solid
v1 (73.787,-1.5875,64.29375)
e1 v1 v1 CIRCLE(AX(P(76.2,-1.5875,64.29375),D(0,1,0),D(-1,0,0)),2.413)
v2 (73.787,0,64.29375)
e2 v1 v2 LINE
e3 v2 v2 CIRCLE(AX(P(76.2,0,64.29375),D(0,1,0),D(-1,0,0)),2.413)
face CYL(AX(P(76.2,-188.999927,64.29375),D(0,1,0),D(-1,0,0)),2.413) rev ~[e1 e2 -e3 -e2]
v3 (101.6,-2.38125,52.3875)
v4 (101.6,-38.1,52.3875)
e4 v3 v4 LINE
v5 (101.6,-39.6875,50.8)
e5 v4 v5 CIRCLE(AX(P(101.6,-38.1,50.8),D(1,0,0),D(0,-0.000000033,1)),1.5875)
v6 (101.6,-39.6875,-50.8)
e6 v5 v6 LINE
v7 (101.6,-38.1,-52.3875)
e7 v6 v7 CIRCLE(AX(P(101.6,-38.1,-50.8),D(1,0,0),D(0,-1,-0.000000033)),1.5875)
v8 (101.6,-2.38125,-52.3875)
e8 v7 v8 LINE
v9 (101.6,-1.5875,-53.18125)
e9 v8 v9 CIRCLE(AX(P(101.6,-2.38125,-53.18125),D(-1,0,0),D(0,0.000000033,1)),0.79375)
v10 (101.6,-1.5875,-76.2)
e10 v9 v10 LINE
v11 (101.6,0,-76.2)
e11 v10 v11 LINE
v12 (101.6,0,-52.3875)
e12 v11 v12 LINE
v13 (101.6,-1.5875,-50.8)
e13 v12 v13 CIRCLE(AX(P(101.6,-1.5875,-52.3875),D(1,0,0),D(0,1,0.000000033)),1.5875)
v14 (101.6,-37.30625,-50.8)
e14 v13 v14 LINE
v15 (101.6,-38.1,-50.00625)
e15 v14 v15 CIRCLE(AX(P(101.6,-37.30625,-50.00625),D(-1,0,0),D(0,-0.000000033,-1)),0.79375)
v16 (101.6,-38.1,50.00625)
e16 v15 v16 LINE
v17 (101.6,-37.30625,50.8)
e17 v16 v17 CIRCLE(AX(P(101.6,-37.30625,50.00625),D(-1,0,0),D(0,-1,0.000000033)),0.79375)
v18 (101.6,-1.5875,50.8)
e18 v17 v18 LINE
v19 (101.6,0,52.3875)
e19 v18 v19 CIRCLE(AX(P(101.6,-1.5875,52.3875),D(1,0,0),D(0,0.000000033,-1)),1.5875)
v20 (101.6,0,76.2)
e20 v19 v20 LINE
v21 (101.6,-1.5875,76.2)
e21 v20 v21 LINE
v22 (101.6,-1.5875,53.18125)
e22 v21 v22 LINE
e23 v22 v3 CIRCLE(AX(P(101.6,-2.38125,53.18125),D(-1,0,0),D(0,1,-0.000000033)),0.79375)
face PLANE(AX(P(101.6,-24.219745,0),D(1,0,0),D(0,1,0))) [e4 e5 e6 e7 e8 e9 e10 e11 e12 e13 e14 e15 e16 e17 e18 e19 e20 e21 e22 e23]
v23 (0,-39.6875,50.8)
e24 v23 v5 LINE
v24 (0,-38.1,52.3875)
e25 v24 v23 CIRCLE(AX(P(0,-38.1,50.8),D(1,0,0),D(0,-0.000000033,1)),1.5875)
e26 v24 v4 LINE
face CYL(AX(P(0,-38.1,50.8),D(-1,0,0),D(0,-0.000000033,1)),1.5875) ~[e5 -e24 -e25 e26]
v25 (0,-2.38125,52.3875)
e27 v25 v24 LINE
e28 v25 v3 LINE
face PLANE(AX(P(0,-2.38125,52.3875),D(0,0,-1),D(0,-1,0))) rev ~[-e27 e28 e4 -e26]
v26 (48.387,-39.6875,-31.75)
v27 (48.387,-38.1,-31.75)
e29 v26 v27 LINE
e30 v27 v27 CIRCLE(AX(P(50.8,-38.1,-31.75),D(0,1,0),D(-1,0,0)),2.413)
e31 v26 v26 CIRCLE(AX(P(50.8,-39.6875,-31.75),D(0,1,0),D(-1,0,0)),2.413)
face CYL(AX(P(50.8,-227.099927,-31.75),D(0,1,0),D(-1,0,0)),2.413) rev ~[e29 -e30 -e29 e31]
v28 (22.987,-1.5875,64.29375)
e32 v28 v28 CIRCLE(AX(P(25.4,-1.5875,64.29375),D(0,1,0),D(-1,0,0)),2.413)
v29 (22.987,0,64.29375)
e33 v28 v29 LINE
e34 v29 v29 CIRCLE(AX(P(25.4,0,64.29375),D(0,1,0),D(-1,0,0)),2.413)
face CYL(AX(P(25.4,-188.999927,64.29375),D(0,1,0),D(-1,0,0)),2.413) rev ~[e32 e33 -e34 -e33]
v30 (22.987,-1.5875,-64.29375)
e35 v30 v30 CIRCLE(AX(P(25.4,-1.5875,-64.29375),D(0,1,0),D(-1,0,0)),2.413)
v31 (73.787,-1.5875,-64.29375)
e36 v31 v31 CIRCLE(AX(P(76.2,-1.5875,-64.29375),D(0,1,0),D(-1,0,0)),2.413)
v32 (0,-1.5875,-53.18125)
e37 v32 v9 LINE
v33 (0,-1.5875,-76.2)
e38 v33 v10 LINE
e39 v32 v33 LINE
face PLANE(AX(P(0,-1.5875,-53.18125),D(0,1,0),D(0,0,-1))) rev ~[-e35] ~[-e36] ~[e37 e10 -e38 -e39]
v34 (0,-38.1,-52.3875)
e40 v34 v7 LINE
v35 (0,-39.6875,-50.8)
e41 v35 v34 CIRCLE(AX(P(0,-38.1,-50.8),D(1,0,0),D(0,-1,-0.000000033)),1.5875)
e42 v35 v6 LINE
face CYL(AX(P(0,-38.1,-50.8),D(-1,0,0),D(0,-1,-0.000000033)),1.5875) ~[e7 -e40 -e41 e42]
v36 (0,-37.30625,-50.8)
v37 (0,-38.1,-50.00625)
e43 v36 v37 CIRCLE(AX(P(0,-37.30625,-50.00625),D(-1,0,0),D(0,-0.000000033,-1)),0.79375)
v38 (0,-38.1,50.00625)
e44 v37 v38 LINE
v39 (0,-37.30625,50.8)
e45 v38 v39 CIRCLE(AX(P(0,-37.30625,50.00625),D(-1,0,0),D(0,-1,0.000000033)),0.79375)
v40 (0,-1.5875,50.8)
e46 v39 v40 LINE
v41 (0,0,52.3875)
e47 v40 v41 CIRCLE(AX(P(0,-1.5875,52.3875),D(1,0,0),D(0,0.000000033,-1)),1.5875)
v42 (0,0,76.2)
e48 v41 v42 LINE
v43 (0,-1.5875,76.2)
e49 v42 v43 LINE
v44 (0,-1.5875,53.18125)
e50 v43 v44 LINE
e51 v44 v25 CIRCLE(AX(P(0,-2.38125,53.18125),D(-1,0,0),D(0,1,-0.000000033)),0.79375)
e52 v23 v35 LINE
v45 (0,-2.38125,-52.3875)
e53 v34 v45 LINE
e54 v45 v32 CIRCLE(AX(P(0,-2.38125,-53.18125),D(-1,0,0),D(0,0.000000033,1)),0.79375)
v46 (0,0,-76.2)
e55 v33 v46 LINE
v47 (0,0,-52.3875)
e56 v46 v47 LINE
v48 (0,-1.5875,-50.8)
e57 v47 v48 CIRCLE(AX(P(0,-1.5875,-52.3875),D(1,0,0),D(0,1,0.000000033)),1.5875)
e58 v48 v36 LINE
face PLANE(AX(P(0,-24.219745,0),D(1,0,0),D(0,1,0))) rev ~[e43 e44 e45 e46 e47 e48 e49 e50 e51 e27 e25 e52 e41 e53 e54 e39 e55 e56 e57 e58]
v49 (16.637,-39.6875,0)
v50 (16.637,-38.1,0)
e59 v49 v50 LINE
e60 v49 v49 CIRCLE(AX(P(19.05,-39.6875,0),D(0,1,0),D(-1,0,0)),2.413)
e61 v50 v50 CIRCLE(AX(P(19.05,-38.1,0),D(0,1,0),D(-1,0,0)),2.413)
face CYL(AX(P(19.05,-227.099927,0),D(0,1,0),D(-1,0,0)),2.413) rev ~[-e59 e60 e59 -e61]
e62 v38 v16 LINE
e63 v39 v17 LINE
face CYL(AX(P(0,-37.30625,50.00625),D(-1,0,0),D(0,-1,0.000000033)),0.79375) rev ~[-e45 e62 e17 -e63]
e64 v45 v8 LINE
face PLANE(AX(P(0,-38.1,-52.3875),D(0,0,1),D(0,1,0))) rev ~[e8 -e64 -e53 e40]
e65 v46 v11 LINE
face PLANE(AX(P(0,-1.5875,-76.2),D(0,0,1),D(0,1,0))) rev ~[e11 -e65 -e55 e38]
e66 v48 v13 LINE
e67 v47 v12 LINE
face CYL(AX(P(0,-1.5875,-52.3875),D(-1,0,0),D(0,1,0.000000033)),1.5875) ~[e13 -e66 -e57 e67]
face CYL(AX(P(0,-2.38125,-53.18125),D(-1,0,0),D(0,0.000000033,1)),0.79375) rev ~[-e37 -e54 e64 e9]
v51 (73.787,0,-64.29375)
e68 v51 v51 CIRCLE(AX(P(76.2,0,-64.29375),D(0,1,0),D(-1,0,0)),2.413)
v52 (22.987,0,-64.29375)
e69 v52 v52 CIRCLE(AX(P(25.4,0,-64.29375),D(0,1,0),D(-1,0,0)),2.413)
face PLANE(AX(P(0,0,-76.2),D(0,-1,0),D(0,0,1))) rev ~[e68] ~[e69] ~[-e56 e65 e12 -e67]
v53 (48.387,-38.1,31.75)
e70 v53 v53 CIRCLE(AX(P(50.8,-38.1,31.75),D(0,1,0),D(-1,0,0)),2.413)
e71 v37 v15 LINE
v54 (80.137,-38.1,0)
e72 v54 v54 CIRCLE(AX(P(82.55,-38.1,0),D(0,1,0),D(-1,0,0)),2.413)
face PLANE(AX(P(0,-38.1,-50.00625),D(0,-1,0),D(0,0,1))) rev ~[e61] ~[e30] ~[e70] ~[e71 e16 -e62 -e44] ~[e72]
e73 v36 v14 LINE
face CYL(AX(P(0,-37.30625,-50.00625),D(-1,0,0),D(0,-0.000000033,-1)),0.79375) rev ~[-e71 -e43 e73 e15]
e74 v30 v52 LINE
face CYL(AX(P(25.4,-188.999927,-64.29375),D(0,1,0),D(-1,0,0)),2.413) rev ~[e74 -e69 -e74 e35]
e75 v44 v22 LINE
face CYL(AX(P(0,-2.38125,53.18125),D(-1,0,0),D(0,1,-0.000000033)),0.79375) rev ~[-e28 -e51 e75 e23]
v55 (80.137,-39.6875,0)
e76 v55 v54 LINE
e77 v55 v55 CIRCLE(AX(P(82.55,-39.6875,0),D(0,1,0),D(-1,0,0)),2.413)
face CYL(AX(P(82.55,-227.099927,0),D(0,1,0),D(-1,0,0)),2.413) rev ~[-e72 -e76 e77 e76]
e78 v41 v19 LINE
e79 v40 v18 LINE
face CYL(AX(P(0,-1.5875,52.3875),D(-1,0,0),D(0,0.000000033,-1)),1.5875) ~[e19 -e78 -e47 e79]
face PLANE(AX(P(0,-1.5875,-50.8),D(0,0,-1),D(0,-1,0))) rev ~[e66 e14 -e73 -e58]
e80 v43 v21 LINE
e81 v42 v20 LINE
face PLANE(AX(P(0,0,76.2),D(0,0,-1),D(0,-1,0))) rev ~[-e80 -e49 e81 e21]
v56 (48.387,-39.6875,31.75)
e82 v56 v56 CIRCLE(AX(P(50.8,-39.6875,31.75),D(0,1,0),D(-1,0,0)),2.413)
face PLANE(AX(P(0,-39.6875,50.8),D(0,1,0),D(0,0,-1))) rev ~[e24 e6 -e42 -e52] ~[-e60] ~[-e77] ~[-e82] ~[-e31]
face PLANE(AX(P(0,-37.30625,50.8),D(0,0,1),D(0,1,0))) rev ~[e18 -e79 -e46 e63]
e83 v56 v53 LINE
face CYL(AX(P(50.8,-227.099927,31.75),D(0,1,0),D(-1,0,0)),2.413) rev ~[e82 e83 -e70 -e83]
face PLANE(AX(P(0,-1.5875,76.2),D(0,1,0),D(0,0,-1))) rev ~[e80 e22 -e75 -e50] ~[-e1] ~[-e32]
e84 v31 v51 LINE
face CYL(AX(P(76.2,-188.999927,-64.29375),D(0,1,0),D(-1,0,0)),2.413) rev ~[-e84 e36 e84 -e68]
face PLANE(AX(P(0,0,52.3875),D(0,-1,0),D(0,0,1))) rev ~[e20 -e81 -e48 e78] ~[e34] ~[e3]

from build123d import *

# Parameters (mm, degrees)
F1_DEPTH = 101.6
F3_D     = 4.826
F5_D     = 4.826
F7_D     = 4.826
F9_D     = 4.826


with BuildPart() as f1:
    # F0 (on Right) → F1 (new body)
    with BuildSketch(Plane.YZ):
        with BuildLine():
            Line((-37.30625, 50.8), (-1.5875, 50.8))
            ThreePointArc((-1.5875, 50.8), (-0.464968, 51.264968), (0, 52.3875))
            Line((0, 52.3875), (0, 76.2))
            Line((0, 76.2), (-1.5875, 76.2))
            Line((-1.5875, 76.2), (-1.5875, 53.18125))
            ThreePointArc((-1.5875, 53.18125), (-1.819984, 52.619984), (-2.38125, 52.3875))
            Line((-2.38125, 52.3875), (-38.1, 52.3875))
            ThreePointArc((-38.1, 52.3875), (-39.222532, 51.922532), (-39.6875, 50.8))
            Line((-39.6875, 50.8), (-39.6875, 0))
            Line((-39.6875, 0), (-39.6875, -50.8))
            ThreePointArc((-39.6875, -50.8), (-39.222532, -51.922532), (-38.1, -52.3875))
            Line((-38.1, -52.3875), (-2.38125, -52.3875))
            ThreePointArc((-2.38125, -52.3875), (-1.819984, -52.619984), (-1.5875, -53.18125))
            Line((-1.5875, -53.18125), (-1.5875, -76.2))
            Line((-1.5875, -76.2), (0, -76.2))
            Line((0, -76.2), (0, -52.3875))
            ThreePointArc((0, -52.3875), (-0.464968, -51.264968), (-1.5875, -50.8))
            Line((-1.5875, -50.8), (-37.30625, -50.8))
            ThreePointArc((-37.30625, -50.8), (-37.867516, -50.567516), (-38.1, -50.00625))
            Line((-38.1, -50.00625), (-38.1, 0))
            Line((-38.1, 0), (-38.1, 50.00625))
            ThreePointArc((-38.1, 50.00625), (-37.867516, 50.567516), (-37.30625, 50.8))
        make_face()
    extrude(amount=F1_DEPTH)

    # F3 (through all)
    with Locations(Plane.XZ.offset(1.5875)):
        with Locations((25.4, -64.29375), (76.2, -64.29375)):
            Hole(F3_D / 2)

    # F5 (through all)
    with Locations(Plane.XZ.offset(1.5875)):
        with Locations((25.4, 64.29375), (76.2, 64.29375)):
            Hole(F5_D / 2)

    # F7 (through all)
    with Locations(Plane.XZ.offset(39.6875)):
        with Locations((19.05, 0), (82.55, 0)):
            Hole(F7_D / 2)

    # F9 (through all)
    with Locations(Plane.XZ.offset(39.6875)):
        with Locations((50.8, -31.75), (50.8, 31.75)):
            Hole(F9_D / 2)


solid = f1.part
